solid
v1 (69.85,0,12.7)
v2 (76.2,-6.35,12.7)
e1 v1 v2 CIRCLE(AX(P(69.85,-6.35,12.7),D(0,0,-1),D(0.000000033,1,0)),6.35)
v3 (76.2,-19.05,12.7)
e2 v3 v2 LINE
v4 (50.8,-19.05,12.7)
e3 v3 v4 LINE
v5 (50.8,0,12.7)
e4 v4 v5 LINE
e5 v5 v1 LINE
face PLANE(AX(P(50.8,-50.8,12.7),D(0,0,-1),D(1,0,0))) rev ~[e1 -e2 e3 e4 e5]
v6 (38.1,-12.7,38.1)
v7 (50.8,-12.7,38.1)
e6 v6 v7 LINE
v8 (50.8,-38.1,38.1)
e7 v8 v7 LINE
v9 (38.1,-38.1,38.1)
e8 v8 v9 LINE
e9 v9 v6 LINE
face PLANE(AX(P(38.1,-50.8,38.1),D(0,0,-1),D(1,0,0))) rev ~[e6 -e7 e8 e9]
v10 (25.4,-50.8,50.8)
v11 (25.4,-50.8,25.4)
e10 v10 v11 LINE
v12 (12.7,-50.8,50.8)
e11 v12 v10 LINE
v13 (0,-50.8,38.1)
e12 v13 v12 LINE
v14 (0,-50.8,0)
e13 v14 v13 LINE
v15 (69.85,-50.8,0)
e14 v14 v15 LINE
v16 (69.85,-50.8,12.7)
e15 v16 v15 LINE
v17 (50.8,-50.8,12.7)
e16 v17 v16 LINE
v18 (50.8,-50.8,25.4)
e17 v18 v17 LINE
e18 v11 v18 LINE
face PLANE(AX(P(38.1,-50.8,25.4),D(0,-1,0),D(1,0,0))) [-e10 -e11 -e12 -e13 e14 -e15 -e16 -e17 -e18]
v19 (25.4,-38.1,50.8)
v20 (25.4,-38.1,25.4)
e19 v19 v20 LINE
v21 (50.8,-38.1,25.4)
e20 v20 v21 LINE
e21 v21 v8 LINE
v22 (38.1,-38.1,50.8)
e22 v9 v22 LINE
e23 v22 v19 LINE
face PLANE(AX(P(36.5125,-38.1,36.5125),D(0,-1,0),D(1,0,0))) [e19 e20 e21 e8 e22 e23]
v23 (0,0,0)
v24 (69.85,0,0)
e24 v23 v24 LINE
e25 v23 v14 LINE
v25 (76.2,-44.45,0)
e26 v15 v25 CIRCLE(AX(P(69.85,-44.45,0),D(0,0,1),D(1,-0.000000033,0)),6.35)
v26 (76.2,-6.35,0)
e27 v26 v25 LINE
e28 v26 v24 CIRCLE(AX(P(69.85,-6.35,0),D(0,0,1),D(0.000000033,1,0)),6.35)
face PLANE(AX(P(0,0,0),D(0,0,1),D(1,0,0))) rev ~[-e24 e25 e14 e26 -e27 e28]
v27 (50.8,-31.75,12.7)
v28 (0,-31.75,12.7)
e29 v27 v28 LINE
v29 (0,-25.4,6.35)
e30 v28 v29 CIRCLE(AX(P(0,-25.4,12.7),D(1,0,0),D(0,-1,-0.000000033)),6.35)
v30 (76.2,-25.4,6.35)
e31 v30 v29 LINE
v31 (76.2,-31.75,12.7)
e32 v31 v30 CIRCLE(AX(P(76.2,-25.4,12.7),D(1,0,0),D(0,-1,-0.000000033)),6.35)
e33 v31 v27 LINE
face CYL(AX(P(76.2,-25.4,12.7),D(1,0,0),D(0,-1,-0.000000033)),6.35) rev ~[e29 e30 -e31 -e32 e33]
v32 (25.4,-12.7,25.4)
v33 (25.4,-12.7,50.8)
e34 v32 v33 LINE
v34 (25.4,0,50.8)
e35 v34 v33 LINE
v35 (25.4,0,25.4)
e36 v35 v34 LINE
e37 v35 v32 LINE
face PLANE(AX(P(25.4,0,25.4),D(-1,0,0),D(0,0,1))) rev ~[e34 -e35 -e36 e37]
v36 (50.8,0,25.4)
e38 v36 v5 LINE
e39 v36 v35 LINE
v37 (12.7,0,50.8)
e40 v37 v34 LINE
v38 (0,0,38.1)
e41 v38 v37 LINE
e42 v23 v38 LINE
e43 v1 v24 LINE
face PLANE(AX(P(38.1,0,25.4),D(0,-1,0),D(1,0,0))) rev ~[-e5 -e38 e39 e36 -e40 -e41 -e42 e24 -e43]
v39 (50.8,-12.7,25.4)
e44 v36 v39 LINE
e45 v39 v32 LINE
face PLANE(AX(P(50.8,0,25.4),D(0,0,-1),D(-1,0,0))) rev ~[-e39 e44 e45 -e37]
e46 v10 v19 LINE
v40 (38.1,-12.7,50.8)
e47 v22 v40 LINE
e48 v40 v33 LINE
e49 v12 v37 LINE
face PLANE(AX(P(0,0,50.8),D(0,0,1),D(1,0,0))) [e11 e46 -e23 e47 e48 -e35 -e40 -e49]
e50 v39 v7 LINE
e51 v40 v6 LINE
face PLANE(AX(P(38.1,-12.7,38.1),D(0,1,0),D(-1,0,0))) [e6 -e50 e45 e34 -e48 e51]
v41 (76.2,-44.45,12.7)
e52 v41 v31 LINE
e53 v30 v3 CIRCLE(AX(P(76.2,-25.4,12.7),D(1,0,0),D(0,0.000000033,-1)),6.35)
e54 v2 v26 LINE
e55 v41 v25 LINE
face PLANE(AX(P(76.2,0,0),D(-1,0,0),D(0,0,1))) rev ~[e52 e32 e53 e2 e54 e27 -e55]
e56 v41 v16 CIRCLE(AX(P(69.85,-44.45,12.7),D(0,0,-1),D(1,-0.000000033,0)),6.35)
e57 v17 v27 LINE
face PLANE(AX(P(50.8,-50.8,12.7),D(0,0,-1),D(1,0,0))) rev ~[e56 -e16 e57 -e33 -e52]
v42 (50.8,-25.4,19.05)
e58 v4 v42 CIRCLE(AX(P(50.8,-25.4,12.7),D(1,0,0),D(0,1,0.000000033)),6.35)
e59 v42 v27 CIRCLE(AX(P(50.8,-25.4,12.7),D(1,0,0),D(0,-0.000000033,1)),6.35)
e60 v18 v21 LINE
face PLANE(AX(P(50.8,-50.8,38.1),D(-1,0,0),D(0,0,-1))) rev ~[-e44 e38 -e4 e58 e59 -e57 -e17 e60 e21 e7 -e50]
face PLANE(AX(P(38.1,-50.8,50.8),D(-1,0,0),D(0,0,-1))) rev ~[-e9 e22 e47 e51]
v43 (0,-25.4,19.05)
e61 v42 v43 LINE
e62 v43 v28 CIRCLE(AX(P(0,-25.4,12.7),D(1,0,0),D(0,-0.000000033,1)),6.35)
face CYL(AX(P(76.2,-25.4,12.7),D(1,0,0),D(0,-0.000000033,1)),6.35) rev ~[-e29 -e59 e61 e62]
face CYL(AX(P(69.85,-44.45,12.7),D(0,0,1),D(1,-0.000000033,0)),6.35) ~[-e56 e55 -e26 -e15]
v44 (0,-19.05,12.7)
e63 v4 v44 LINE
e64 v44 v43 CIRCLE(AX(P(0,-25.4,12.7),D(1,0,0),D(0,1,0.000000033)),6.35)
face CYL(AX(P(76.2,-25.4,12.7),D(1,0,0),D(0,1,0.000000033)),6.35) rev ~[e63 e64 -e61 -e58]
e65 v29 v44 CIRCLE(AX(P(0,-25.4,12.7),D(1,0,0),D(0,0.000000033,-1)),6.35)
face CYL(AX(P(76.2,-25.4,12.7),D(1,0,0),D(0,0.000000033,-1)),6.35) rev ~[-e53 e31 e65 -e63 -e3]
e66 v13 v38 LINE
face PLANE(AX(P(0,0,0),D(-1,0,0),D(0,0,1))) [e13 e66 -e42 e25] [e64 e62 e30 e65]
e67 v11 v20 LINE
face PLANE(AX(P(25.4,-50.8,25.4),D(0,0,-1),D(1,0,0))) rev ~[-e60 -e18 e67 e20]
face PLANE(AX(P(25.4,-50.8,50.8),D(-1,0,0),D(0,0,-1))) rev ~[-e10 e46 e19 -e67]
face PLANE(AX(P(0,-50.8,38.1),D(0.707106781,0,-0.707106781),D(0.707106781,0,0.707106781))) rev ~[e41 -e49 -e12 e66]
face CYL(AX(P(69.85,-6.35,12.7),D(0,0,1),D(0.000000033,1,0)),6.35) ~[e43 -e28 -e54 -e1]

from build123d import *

# Parameters (mm, degrees)
F0_W      = 76.2
F0_H      = 50.8
F1_DEPTH  = 50.8
F3_DEPTH  = 50.801
F5_DEPTH  = 12.7
F6_W      = 25.4
F6_H      = 25.4
F7_DEPTH  = 12.7
F9_DEPTH  = 12.701
F11_DEPTH = 76.201


with BuildPart() as f1:
    # F0 (on Front) → F1 (new body)
    with BuildSketch(Plane.XZ):
        with Locations((38.1, 25.4)):
            Rectangle(F0_W, F0_H)
    extrude(amount=F1_DEPTH)

    # F2 (on face) → F3 (cut, through all)
    with BuildSketch(Plane.XZ.offset(50.8)):
        Polygon((12.7, 50.8), (0, 50.8), (0, 38.1), align=None)
        Polygon((76.2, 12.7), (76.2, 50.8), (38.1, 50.8), (38.1, 38.1), (50.8, 38.1), (50.8, 12.7), align=None)
    extrude(amount=-F3_DEPTH, mode=Mode.SUBTRACT)

    # F4 (on face) → F5 (cut)
    with BuildSketch(Plane.XZ.offset(50.8)):
        Polygon((25.4, 50.8), (25.4, 25.4), (50.8, 25.4), (50.8, 38.1), (38.1, 38.1), (38.1, 50.8), align=None)
    extrude(amount=-F5_DEPTH, mode=Mode.SUBTRACT)

    # F6 (on face) → F7 (cut)
    with BuildSketch(Plane(origin=(0, 0, 0), x_dir=(-1, 0, 0), z_dir=(0, 1, 0))):
        with Locations((-38.1, 38.1)):
            Rectangle(F6_W, F6_H)
    extrude(amount=-F7_DEPTH, mode=Mode.SUBTRACT)

    # F8 (on face) → F9 (cut, through all)
    with BuildSketch(Plane.XY.offset(12.7)):
        with BuildLine():
            ThreePointArc((76.2, -44.45), (74.340128, -48.940128), (69.85, -50.8))
            Line((69.85, -50.8), (76.2, -50.8))
            Line((76.2, -50.8), (76.2, -44.45))
        make_face()
        with BuildLine():
            Line((76.2, 0), (69.85, 0))
            ThreePointArc((69.85, 0), (74.340128, -1.859872), (76.2, -6.35))
            Line((76.2, -6.35), (76.2, 0))
        make_face()
    extrude(amount=-F9_DEPTH, mode=Mode.SUBTRACT)

    # F10 (on face) → F11 (cut, through all)
    with BuildSketch(Plane.YZ.offset(76.2)):
        with BuildLine():
            ThreePointArc((-25.4, 6.35), (-20.909872, 8.209872), (-19.05, 12.7))
            ThreePointArc((-19.05, 12.7), (-20.909872, 17.190128), (-25.4, 19.05))
            ThreePointArc((-25.4, 19.05), (-29.890128, 17.190128), (-31.75, 12.7))
            ThreePointArc((-31.75, 12.7), (-29.890128, 8.209872), (-25.4, 6.35))
        make_face()
    extrude(amount=-F11_DEPTH, mode=Mode.SUBTRACT)


solid = f1.part
